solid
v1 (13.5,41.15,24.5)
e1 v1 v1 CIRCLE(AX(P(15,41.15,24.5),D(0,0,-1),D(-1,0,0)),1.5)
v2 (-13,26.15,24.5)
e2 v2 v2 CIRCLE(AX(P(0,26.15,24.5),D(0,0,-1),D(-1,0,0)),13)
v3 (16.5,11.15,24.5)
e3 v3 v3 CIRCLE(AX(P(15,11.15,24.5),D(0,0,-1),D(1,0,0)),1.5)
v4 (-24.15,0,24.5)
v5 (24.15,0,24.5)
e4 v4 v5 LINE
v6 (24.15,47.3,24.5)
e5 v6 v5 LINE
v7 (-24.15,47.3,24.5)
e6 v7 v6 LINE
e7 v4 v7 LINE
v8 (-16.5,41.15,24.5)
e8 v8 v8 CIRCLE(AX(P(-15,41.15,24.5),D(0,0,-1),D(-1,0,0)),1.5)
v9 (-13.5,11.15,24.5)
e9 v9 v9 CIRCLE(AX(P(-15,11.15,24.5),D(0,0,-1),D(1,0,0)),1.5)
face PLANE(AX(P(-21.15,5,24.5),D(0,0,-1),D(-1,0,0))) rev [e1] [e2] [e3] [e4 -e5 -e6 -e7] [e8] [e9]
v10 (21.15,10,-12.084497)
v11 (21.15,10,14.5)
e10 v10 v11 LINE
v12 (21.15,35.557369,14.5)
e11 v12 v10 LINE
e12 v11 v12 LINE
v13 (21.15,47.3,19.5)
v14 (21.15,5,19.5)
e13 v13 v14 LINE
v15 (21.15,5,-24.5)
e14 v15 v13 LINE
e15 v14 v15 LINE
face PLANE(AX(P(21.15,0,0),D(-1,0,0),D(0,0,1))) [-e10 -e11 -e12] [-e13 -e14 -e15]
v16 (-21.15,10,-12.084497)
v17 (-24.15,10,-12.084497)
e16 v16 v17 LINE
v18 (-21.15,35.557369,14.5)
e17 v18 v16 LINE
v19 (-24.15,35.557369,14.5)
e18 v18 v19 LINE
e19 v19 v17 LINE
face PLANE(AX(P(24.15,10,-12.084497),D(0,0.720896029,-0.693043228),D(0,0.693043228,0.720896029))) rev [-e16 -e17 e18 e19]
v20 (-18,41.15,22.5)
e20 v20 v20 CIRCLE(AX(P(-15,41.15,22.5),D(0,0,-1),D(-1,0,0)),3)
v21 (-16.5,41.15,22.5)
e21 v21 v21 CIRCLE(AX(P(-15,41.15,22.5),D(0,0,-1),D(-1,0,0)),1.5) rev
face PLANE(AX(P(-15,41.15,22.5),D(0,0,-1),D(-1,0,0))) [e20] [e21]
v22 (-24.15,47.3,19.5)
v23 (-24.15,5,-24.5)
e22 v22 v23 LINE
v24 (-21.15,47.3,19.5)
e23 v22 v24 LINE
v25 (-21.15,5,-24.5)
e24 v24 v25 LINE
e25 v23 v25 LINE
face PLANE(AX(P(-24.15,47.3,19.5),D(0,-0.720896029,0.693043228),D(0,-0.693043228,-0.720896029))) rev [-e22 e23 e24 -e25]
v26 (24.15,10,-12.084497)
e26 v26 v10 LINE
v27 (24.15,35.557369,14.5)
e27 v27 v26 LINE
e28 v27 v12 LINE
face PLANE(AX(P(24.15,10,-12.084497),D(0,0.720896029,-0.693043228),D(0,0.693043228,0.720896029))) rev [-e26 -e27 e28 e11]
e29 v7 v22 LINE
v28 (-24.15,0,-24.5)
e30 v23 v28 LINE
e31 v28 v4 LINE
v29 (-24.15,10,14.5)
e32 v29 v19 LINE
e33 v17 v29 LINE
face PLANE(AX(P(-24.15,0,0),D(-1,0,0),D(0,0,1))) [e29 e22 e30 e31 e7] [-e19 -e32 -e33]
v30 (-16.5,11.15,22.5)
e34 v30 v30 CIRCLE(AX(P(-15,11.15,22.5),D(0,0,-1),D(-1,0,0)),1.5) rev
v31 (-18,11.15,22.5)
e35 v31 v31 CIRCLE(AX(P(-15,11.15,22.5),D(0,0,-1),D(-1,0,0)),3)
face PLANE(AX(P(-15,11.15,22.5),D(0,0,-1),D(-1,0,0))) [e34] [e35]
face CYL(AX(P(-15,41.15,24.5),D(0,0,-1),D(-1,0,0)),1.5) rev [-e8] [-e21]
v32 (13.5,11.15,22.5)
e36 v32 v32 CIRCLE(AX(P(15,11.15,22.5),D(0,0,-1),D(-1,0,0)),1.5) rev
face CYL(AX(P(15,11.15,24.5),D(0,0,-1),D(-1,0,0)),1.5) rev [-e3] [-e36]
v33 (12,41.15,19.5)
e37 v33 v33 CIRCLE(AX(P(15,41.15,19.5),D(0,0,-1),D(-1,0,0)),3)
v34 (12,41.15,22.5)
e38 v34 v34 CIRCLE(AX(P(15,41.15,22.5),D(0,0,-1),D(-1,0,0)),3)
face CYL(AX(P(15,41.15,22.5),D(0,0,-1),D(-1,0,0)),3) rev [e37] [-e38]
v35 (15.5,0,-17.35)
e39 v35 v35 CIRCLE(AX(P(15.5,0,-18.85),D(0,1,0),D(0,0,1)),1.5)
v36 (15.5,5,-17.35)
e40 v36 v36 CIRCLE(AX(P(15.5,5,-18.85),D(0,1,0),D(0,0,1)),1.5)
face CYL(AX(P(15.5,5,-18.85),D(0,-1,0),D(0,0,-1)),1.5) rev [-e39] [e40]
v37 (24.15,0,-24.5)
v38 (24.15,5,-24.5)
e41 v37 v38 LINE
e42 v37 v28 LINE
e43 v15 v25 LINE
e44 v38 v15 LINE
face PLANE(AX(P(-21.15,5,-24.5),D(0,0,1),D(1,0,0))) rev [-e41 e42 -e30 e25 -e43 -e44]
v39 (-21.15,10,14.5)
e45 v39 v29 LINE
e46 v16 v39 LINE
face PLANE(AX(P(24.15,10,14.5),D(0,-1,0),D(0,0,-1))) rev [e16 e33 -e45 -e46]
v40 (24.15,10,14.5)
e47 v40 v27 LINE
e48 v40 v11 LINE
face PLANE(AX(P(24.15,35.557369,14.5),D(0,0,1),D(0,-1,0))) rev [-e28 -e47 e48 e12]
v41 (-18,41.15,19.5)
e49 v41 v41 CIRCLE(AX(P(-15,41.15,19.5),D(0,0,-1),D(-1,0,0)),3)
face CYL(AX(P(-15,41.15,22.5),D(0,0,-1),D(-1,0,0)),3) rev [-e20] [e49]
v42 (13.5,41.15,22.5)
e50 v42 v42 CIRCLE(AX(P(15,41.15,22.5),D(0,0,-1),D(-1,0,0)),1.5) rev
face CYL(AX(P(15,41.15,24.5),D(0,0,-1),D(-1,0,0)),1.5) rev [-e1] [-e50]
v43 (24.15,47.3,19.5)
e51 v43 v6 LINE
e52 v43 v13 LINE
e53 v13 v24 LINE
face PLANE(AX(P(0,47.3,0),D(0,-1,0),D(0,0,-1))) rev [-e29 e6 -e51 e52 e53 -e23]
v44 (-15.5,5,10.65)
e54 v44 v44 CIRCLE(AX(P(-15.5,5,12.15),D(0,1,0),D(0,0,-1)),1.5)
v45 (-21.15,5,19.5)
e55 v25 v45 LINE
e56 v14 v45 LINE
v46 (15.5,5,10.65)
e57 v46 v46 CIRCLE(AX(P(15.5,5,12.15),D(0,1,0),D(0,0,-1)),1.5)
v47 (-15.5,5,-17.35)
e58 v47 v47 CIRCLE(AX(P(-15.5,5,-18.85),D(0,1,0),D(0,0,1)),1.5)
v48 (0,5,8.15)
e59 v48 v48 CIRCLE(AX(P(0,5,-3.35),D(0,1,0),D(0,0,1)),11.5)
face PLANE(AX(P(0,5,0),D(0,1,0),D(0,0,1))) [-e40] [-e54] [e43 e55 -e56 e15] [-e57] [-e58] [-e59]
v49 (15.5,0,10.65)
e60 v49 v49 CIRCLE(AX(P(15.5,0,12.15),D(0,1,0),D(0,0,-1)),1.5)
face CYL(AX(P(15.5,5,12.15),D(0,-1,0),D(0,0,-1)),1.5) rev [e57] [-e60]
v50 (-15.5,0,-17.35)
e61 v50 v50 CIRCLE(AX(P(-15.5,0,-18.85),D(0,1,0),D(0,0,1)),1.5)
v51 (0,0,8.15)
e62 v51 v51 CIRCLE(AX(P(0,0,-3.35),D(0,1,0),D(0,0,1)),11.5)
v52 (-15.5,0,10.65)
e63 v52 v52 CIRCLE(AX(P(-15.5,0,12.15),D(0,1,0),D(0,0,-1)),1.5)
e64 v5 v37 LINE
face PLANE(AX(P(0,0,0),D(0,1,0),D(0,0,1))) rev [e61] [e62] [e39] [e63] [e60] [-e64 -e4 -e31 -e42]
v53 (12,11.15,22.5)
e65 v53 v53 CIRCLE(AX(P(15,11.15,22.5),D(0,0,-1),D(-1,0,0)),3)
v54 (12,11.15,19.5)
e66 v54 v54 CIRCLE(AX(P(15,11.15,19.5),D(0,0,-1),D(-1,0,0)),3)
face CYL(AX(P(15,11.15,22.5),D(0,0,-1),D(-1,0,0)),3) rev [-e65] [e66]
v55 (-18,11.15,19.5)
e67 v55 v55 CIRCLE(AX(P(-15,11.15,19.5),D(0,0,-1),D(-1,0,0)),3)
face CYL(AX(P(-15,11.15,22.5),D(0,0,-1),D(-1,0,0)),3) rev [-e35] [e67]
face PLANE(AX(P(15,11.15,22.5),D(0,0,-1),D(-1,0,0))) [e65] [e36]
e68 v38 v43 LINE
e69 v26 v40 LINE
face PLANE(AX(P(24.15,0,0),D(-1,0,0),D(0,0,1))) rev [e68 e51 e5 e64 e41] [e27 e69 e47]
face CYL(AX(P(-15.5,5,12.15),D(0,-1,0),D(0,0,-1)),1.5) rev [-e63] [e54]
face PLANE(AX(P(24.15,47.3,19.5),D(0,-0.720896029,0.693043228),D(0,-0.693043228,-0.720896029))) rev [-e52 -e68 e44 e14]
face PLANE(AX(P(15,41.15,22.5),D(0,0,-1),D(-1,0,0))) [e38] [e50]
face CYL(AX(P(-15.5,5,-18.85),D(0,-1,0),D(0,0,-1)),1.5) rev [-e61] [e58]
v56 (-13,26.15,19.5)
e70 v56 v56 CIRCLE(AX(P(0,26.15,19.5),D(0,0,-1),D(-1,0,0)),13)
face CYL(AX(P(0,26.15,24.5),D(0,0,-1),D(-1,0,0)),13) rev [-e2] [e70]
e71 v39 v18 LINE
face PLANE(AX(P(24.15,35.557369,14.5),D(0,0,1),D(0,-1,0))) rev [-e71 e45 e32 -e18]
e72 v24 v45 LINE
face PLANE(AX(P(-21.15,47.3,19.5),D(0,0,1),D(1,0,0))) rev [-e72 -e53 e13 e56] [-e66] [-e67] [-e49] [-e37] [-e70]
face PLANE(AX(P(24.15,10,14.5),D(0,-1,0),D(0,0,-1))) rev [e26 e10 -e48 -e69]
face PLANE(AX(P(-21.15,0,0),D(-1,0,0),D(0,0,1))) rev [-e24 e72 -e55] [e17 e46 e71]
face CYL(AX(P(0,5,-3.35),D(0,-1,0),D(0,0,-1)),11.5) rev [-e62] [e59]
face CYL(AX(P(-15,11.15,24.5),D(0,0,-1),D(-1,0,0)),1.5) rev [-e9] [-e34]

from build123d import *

# Parameters (mm, degrees)
SKETCH1_W           = 42.3
SKETCH1_H           = 49
SKETCH1_R           = 1.5
SKETCH1_R_2         = 11.5
BOSS_EXTRUDE1_DEPTH = 5
SKETCH2_W           = 42.3
SKETCH2_H           = 5
BOSS_EXTRUDE2_DEPTH = 42.3
SKETCH4_R           = 1.5
SKETCH4_R_2         = 13
CUT_EXTRUDE1_DEPTH  = 68.975087348
BOSS_EXTRUDE3_DEPTH = 3
BOSS_EXTRUDE4_DEPTH = 3
SKETCH8_R           = 3
CUT_EXTRUDE2_DEPTH  = 3
CUT_EXTRUDE3_DEPTH  = 72.905702138


with BuildPart() as part:
    # Sketch1 → Boss-Extrude1 (new body)
    with BuildSketch(Plane(origin=(0, 0, 0), x_dir=(1, 0, 0), z_dir=(0, 1, 0))):
        Rectangle(SKETCH1_W, SKETCH1_H)
        with Locations(Location((-15.5, 18.85, 0), (0, 0, 270))):
            Circle(SKETCH1_R, mode=Mode.SUBTRACT)
        with Locations(Location((15.5, 18.85, 0), (0, 0, 270))):
            Circle(SKETCH1_R, mode=Mode.SUBTRACT)
        with Locations(Location((-15.5, -12.15, 0), (0, 0, 90))):
            Circle(SKETCH1_R, mode=Mode.SUBTRACT)
        with Locations(Location((15.5, -12.15, 0), (0, 0, 90))):
            Circle(SKETCH1_R, mode=Mode.SUBTRACT)
        with Locations(Location((0, 3.35, 0), (0, 0, 270))):
            Circle(SKETCH1_R_2, mode=Mode.SUBTRACT)
    extrude(amount=BOSS_EXTRUDE1_DEPTH)

    # Sketch2 → Boss-Extrude2 (add)
    with BuildSketch(Plane(origin=(0, 5, 0), x_dir=(1, 0, 0), z_dir=(0, 1, 0))):
        with Locations((0, -22)):
            Rectangle(SKETCH2_W, SKETCH2_H)
    extrude(amount=BOSS_EXTRUDE2_DEPTH)

    # Sketch4 → Cut-Extrude1 (cut, through all)
    with BuildSketch(Plane(origin=(0, 0, 19.5), x_dir=(-1, 0, 0), z_dir=(0, 0, -1))):
        with Locations((-15, 41.15)):
            Circle(SKETCH4_R)
        with Locations((15, 41.15)):
            Circle(SKETCH4_R)
        with Locations(Location((-15, 11.15, 0), (0, 0, 180))):
            Circle(SKETCH4_R)
        with Locations(Location((15, 11.15, 0), (0, 0, 180))):
            Circle(SKETCH4_R)
        with Locations((0, 26.15)):
            Circle(SKETCH4_R_2)
    extrude(amount=-CUT_EXTRUDE1_DEPTH, mode=Mode.SUBTRACT)

    # Sketch5 → Boss-Extrude3 (add)
    with BuildSketch(Plane(origin=(21.15, 0, 0), x_dir=(0, 0, -1), z_dir=(1, 0, 0))):
        Polygon((-19.5, 47.3), (24.5, 5), (24.5, 0), (-24.5, 0), (-24.5, 47.3), align=None)
    extrude(amount=BOSS_EXTRUDE3_DEPTH)

    # Sketch6 → Boss-Extrude4 (add)
    with BuildSketch(Plane.ZY.offset(21.15)):
        Polygon((19.5, 47.3), (-24.5, 5), (-24.5, 0), (24.5, 0), (24.5, 47.3), align=None)
    extrude(amount=BOSS_EXTRUDE4_DEPTH)

    # Sketch8 → Cut-Extrude2 (cut)
    with BuildSketch(Plane(origin=(0, 0, 19.5), x_dir=(-1, 0, 0), z_dir=(0, 0, -1))):
        with Locations((-15, 41.15)):
            Circle(SKETCH8_R)
        with Locations((15, 41.15)):
            Circle(SKETCH8_R)
        with Locations((15, 11.15)):
            Circle(SKETCH8_R)
        with Locations((-15, 11.15)):
            Circle(SKETCH8_R)
    extrude(amount=-CUT_EXTRUDE2_DEPTH, mode=Mode.SUBTRACT)

    # Sketch9 → Cut-Extrude3 (cut, through all)
    with BuildSketch(Plane.ZY.offset(24.15)):
        Polygon((-12.084497186, 10), (14.5, 35.557368886), (14.5, 10), align=None)
    extrude(amount=-CUT_EXTRUDE3_DEPTH, mode=Mode.SUBTRACT)


solid = part.part
